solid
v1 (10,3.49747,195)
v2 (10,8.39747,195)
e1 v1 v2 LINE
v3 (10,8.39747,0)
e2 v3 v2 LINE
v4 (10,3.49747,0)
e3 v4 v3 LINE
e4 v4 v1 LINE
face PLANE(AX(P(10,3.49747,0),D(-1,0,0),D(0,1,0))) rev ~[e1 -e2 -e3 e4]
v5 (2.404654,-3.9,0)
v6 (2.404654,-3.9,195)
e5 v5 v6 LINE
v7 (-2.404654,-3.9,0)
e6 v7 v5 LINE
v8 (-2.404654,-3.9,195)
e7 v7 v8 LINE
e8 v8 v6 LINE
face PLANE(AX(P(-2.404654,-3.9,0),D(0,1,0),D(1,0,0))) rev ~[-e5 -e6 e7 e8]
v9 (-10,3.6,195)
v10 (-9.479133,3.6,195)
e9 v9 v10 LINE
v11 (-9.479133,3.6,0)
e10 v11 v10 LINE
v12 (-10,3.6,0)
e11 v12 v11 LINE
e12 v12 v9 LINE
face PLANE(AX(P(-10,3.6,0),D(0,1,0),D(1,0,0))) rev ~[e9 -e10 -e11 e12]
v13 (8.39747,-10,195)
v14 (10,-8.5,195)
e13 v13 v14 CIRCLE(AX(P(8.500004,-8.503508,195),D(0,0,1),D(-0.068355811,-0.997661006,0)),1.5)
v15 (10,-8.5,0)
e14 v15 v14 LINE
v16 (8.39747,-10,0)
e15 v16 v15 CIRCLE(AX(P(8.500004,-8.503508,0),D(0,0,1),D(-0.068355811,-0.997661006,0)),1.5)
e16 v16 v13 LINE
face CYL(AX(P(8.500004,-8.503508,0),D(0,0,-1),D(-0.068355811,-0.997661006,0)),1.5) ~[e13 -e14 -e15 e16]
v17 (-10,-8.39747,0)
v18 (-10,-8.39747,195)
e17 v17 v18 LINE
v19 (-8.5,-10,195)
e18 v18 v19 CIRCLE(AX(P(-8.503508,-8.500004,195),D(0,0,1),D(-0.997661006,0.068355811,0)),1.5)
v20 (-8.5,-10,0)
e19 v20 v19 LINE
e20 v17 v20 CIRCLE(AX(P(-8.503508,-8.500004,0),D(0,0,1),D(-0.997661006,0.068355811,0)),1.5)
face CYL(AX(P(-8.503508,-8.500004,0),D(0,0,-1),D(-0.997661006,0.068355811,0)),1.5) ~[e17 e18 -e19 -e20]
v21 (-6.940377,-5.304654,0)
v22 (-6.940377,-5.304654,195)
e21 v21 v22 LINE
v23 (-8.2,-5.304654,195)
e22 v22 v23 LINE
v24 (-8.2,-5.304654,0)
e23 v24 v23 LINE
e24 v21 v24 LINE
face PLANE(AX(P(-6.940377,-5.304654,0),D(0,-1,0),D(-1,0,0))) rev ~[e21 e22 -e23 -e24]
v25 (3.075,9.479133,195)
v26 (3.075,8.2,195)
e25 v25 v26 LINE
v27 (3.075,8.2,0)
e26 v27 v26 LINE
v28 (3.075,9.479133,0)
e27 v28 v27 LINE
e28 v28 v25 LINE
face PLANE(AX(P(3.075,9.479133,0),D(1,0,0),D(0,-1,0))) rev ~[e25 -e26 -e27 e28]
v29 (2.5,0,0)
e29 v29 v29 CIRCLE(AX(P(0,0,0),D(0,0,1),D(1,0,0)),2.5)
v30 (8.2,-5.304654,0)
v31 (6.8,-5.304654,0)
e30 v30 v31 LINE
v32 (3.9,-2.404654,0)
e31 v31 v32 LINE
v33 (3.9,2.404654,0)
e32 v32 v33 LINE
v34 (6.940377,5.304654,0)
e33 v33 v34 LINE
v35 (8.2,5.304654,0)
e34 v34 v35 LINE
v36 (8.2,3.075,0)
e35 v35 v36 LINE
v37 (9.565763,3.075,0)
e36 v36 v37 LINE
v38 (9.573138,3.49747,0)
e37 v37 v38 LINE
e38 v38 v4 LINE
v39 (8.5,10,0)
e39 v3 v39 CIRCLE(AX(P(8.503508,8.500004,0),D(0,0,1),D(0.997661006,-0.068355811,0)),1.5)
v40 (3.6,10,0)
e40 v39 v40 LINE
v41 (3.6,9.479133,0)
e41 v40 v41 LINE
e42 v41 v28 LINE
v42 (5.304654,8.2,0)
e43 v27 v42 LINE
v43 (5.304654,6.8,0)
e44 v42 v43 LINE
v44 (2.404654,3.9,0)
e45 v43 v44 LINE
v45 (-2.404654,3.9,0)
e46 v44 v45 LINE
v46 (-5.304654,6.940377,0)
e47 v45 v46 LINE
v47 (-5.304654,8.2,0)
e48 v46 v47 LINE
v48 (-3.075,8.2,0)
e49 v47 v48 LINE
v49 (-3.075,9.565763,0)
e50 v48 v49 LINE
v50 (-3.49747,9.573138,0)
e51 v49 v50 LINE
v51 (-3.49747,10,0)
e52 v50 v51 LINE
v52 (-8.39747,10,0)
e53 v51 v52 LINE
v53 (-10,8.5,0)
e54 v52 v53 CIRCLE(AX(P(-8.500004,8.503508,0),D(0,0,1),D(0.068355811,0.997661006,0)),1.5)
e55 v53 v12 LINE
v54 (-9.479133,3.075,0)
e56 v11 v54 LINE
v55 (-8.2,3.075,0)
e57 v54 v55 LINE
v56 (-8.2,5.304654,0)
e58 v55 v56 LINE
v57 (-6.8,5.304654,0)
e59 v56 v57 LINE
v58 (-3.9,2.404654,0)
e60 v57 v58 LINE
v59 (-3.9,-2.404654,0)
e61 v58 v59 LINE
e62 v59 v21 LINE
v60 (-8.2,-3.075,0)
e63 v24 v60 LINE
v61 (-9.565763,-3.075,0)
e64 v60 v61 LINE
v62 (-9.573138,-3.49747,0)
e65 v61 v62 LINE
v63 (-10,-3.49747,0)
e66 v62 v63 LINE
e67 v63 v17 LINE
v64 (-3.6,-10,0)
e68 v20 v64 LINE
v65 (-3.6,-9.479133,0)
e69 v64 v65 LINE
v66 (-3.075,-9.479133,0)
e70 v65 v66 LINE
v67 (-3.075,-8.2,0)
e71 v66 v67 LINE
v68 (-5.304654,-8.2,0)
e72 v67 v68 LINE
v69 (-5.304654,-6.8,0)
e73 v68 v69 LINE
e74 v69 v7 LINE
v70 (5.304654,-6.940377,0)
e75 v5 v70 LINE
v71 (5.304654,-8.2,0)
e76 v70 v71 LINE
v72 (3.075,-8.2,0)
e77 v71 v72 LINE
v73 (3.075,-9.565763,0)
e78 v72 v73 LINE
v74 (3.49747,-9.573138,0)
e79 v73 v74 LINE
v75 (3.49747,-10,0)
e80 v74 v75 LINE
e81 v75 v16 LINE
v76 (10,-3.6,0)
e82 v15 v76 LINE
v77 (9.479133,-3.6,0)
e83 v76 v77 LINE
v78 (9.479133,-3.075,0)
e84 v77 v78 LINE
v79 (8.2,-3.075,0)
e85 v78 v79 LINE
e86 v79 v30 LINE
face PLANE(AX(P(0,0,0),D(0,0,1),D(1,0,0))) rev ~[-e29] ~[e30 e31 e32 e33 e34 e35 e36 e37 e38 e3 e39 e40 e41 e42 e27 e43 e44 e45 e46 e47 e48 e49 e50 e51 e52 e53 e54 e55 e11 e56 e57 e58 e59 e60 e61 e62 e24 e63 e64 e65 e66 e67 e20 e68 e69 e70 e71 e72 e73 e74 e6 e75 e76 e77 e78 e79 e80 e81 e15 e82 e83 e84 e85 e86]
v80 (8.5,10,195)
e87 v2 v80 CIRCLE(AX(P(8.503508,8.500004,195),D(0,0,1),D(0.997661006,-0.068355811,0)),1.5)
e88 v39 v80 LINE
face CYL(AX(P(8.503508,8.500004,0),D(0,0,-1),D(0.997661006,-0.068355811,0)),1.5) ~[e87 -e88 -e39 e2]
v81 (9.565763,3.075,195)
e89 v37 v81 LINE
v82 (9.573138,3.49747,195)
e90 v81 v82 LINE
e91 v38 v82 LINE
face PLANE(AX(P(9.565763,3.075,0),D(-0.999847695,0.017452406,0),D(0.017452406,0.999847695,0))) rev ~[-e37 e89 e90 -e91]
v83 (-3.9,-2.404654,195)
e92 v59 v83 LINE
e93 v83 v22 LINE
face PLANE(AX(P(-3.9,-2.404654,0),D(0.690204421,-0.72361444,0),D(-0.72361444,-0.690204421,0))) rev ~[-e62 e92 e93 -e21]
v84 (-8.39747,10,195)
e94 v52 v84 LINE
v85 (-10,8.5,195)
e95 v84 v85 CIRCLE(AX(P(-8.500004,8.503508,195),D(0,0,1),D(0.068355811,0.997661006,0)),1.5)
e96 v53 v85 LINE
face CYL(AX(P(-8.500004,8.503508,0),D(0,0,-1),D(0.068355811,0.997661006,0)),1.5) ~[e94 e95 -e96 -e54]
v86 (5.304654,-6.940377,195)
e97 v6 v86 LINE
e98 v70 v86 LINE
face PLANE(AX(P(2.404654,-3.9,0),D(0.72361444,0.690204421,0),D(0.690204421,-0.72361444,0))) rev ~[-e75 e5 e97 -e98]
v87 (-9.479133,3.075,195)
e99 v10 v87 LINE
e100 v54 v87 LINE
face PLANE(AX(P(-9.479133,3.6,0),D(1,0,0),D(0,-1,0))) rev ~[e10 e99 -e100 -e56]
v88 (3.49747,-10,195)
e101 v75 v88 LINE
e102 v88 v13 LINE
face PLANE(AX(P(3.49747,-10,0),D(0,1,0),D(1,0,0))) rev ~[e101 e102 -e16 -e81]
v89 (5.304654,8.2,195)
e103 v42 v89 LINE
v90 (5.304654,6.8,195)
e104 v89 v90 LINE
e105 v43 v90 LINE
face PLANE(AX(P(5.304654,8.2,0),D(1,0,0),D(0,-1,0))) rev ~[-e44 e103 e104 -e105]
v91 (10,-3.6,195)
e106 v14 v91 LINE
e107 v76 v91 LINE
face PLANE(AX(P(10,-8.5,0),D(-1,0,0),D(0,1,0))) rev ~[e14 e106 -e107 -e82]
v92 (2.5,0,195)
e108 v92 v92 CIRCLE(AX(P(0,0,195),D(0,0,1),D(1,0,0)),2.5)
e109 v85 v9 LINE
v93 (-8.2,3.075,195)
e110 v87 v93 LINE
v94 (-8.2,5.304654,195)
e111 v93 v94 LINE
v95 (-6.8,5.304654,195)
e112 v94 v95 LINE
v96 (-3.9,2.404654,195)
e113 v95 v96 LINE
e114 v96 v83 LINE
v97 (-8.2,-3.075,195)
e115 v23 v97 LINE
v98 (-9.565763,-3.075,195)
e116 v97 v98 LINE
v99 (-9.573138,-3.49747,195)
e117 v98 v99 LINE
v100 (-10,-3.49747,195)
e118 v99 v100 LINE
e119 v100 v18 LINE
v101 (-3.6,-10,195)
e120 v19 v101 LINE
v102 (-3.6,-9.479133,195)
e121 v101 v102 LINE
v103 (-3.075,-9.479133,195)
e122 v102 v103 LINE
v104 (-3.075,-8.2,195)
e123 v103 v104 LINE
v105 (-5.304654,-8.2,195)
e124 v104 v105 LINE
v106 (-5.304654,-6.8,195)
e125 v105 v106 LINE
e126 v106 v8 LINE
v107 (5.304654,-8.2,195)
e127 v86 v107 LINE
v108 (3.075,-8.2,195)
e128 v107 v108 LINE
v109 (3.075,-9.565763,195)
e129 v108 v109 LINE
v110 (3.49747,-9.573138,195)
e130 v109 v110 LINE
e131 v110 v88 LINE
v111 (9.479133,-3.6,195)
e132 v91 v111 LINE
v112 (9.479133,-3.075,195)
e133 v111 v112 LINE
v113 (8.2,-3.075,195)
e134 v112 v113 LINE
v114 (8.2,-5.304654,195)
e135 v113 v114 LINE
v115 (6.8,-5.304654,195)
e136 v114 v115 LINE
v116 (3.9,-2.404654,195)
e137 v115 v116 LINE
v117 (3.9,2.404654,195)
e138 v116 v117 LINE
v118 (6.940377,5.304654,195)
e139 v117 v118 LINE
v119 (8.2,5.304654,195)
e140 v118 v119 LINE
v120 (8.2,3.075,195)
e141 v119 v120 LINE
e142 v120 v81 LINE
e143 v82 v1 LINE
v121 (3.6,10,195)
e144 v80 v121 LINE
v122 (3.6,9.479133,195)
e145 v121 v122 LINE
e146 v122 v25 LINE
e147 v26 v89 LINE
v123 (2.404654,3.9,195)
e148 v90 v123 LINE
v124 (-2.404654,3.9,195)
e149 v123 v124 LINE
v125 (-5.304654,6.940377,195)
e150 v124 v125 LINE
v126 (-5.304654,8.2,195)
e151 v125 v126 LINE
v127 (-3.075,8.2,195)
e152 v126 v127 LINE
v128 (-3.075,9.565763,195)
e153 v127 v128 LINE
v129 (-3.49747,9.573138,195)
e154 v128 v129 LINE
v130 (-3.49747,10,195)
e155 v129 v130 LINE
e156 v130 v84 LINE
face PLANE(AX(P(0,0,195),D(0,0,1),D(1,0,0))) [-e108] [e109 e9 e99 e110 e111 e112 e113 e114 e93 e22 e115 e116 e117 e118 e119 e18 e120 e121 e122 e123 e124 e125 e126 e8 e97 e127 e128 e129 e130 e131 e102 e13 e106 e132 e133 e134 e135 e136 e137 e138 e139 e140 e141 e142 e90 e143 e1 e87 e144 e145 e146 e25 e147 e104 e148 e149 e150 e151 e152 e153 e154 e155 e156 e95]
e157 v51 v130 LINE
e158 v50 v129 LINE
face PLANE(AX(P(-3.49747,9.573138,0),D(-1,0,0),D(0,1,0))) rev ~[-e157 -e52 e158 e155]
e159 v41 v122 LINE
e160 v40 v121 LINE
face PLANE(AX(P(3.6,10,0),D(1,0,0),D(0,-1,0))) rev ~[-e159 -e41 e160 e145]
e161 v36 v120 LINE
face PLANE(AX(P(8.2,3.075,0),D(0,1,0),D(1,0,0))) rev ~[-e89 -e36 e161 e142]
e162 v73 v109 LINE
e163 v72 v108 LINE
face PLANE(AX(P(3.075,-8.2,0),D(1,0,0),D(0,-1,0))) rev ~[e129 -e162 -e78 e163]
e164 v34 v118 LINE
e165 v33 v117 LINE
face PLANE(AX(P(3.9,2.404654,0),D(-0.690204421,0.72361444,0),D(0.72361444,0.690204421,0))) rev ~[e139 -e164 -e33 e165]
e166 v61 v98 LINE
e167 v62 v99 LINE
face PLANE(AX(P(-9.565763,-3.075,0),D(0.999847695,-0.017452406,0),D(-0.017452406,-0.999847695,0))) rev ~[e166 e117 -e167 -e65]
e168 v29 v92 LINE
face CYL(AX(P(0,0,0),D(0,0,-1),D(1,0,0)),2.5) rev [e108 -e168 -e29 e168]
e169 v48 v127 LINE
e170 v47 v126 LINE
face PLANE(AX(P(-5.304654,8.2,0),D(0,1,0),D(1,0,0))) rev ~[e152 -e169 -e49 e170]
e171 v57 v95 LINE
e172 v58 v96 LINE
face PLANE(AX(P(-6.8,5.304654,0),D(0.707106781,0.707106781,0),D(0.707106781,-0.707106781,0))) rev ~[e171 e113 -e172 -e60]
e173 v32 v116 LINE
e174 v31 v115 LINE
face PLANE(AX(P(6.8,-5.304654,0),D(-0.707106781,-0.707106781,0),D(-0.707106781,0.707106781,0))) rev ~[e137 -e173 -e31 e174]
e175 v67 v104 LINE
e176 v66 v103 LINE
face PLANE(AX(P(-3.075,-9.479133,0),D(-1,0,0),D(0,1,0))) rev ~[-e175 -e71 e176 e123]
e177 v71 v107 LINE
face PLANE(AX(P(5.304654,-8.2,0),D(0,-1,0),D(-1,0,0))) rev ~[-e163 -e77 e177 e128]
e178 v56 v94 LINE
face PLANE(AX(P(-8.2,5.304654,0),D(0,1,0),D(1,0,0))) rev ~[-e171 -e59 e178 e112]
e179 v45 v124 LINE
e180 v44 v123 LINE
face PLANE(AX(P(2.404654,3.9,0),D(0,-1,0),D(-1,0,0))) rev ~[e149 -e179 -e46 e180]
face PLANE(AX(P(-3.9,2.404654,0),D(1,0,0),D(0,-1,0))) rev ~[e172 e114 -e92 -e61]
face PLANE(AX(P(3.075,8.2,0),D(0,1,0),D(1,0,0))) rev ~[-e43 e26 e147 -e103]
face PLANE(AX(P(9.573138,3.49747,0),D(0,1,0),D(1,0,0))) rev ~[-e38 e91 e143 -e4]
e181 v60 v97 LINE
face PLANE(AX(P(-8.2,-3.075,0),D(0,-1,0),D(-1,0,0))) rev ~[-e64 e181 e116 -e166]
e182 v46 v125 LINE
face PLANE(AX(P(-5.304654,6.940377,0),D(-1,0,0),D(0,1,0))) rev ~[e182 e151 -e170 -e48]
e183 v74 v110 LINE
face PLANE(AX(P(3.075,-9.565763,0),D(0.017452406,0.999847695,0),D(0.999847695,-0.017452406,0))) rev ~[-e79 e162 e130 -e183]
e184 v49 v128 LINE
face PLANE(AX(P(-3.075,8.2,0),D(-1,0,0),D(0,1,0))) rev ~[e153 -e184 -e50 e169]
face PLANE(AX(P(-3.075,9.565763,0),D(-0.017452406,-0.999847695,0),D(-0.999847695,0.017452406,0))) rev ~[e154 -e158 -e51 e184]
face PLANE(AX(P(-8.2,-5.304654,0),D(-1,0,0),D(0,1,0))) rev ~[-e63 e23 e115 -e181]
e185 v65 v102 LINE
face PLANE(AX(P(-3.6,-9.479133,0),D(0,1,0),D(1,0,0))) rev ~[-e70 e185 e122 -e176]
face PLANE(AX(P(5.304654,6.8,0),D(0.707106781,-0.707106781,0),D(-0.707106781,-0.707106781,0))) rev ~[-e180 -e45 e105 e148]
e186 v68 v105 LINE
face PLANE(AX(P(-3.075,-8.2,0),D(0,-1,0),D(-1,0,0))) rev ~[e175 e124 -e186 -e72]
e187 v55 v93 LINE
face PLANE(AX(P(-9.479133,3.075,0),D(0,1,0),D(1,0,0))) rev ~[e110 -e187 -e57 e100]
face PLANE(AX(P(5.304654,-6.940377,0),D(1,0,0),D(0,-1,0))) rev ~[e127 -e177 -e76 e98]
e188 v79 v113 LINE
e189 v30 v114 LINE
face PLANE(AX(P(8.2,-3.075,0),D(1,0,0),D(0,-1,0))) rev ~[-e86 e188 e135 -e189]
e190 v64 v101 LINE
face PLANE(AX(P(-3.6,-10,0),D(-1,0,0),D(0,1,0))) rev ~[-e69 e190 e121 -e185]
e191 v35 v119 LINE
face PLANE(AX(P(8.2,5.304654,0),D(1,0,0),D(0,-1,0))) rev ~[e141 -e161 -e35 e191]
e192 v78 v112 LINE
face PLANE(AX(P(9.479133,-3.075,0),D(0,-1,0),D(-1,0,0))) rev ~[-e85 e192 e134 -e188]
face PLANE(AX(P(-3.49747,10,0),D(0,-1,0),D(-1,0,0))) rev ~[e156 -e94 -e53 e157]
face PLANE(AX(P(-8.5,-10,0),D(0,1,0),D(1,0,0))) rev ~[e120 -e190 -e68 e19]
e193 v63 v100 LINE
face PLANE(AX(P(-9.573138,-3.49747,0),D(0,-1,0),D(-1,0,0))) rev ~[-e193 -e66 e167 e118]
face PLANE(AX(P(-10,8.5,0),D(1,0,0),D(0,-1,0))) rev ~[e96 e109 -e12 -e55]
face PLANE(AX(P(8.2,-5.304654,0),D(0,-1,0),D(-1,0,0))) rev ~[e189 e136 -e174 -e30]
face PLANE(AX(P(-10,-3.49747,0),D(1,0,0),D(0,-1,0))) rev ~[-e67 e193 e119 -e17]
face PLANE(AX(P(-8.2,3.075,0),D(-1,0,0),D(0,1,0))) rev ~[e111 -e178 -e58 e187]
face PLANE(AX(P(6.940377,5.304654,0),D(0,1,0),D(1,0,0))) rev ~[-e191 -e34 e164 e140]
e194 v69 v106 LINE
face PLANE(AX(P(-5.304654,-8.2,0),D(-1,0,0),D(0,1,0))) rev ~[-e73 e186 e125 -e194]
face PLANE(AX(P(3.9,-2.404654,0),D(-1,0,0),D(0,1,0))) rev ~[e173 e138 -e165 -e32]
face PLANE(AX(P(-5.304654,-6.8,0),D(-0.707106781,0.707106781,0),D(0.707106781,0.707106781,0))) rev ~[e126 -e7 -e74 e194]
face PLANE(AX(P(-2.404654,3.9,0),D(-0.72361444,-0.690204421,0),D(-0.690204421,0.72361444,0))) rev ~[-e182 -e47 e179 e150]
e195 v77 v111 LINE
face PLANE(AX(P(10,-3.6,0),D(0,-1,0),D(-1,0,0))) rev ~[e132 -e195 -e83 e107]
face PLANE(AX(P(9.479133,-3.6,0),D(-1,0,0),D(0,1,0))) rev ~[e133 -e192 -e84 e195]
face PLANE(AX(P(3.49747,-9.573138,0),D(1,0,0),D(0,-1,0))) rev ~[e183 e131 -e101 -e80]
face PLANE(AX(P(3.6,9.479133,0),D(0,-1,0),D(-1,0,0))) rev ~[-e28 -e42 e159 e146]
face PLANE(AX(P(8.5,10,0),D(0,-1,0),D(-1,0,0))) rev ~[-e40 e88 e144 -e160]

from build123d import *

# Parameters (mm, degrees)
SKETCH1_R           = 2.5
BOSS_EXTRUDE1_DEPTH = 195


with BuildPart() as part:
    # Sketch1 → Boss-Extrude1 (new body)
    with BuildSketch(Plane.XY):
        with BuildLine():
            Line((9.573137603, 3.497470387), (10, 3.497470387))
            Line((10, 3.497470387), (10, 8.397470387))
            ThreePointArc((10, 8.397470387), (9.598622578, 9.525052949), (8.5, 10))
            Line((8.5, 10), (3.6, 10))
            Line((3.6, 10), (3.6, 9.479132912))
            Line((3.6, 9.479132912), (3.075, 9.479132912))
            Line((3.075, 9.479132912), (3.075, 8.2))
            Line((3.075, 8.2), (5.304654122, 8.2))
            Line((5.304654122, 8.2), (5.304654122, 6.8))
            Line((5.304654122, 6.8), (2.404654122, 3.9))
            Line((2.404654122, 3.9), (-2.404654122, 3.9))
            Line((-2.404654122, 3.9), (-5.304654122, 6.94037733))
            Line((-5.304654122, 6.94037733), (-5.304654122, 8.2))
            Line((-5.304654122, 8.2), (-3.075, 8.2))
            Line((-3.075, 8.2), (-3.075, 9.565763355))
            Line((-3.075, 9.565763355), (-3.497470387, 9.573137603))
            Line((-3.497470387, 9.573137603), (-3.497470387, 10))
            Line((-3.497470387, 10), (-8.397470387, 10))
            ThreePointArc((-8.397470387, 10), (-9.525052949, 9.598622578), (-10, 8.5))
            Line((-10, 8.5), (-10, 3.6))
            Line((-10, 3.6), (-9.479132912, 3.6))
            Line((-9.479132912, 3.6), (-9.479132912, 3.075))
            Line((-9.479132912, 3.075), (-8.2, 3.075))
            Line((-8.2, 3.075), (-8.2, 5.304654122))
            Line((-8.2, 5.304654122), (-6.8, 5.304654122))
            Line((-6.8, 5.304654122), (-3.9, 2.404654122))
            Line((-3.9, 2.404654122), (-3.9, -2.404654122))
            Line((-3.9, -2.404654122), (-6.94037733, -5.304654122))
            Line((-6.94037733, -5.304654122), (-8.2, -5.304654122))
            Line((-8.2, -5.304654122), (-8.2, -3.075))
            Line((-8.2, -3.075), (-9.565763355, -3.075))
            Line((-9.565763355, -3.075), (-9.573137603, -3.497470387))
            Line((-9.573137603, -3.497470387), (-10, -3.497470387))
            Line((-10, -3.497470387), (-10, -8.397470387))
            ThreePointArc((-10, -8.397470387), (-9.598622578, -9.525052949), (-8.5, -10))
            Line((-8.5, -10), (-3.6, -10))
            Line((-3.6, -10), (-3.6, -9.479132912))
            Line((-3.6, -9.479132912), (-3.075, -9.479132912))
            Line((-3.075, -9.479132912), (-3.075, -8.2))
            Line((-3.075, -8.2), (-5.304654122, -8.2))
            Line((-5.304654122, -8.2), (-5.304654122, -6.8))
            Line((-5.304654122, -6.8), (-2.404654122, -3.9))
            Line((-2.404654122, -3.9), (2.404654122, -3.9))
            Line((2.404654122, -3.9), (5.304654122, -6.94037733))
            Line((5.304654122, -6.94037733), (5.304654122, -8.2))
            Line((5.304654122, -8.2), (3.075, -8.2))
            Line((3.075, -8.2), (3.075, -9.565763355))
            Line((3.075, -9.565763355), (3.497470387, -9.573137603))
            Line((3.497470387, -9.573137603), (3.497470387, -10))
            Line((3.497470387, -10), (8.397470387, -10))
            ThreePointArc((8.397470387, -10), (9.525052949, -9.598622578), (10, -8.5))
            Line((10, -8.5), (10, -3.6))
            Line((10, -3.6), (9.479132912, -3.6))
            Line((9.479132912, -3.6), (9.479132912, -3.075))
            Line((9.479132912, -3.075), (8.2, -3.075))
            Line((8.2, -3.075), (8.2, -5.304654122))
            Line((8.2, -5.304654122), (6.8, -5.304654122))
            Line((6.8, -5.304654122), (3.9, -2.404654122))
            Line((3.9, -2.404654122), (3.9, 2.404654122))
            Line((3.9, 2.404654122), (6.94037733, 5.304654122))
            Line((6.94037733, 5.304654122), (8.2, 5.304654122))
            Line((8.2, 5.304654122), (8.2, 3.075))
            Line((8.2, 3.075), (9.565763355, 3.075))
            Line((9.565763355, 3.075), (9.573137603, 3.497470387))
        make_face()
        Circle(SKETCH1_R, mode=Mode.SUBTRACT)
    extrude(amount=BOSS_EXTRUDE1_DEPTH)


solid = part.part
